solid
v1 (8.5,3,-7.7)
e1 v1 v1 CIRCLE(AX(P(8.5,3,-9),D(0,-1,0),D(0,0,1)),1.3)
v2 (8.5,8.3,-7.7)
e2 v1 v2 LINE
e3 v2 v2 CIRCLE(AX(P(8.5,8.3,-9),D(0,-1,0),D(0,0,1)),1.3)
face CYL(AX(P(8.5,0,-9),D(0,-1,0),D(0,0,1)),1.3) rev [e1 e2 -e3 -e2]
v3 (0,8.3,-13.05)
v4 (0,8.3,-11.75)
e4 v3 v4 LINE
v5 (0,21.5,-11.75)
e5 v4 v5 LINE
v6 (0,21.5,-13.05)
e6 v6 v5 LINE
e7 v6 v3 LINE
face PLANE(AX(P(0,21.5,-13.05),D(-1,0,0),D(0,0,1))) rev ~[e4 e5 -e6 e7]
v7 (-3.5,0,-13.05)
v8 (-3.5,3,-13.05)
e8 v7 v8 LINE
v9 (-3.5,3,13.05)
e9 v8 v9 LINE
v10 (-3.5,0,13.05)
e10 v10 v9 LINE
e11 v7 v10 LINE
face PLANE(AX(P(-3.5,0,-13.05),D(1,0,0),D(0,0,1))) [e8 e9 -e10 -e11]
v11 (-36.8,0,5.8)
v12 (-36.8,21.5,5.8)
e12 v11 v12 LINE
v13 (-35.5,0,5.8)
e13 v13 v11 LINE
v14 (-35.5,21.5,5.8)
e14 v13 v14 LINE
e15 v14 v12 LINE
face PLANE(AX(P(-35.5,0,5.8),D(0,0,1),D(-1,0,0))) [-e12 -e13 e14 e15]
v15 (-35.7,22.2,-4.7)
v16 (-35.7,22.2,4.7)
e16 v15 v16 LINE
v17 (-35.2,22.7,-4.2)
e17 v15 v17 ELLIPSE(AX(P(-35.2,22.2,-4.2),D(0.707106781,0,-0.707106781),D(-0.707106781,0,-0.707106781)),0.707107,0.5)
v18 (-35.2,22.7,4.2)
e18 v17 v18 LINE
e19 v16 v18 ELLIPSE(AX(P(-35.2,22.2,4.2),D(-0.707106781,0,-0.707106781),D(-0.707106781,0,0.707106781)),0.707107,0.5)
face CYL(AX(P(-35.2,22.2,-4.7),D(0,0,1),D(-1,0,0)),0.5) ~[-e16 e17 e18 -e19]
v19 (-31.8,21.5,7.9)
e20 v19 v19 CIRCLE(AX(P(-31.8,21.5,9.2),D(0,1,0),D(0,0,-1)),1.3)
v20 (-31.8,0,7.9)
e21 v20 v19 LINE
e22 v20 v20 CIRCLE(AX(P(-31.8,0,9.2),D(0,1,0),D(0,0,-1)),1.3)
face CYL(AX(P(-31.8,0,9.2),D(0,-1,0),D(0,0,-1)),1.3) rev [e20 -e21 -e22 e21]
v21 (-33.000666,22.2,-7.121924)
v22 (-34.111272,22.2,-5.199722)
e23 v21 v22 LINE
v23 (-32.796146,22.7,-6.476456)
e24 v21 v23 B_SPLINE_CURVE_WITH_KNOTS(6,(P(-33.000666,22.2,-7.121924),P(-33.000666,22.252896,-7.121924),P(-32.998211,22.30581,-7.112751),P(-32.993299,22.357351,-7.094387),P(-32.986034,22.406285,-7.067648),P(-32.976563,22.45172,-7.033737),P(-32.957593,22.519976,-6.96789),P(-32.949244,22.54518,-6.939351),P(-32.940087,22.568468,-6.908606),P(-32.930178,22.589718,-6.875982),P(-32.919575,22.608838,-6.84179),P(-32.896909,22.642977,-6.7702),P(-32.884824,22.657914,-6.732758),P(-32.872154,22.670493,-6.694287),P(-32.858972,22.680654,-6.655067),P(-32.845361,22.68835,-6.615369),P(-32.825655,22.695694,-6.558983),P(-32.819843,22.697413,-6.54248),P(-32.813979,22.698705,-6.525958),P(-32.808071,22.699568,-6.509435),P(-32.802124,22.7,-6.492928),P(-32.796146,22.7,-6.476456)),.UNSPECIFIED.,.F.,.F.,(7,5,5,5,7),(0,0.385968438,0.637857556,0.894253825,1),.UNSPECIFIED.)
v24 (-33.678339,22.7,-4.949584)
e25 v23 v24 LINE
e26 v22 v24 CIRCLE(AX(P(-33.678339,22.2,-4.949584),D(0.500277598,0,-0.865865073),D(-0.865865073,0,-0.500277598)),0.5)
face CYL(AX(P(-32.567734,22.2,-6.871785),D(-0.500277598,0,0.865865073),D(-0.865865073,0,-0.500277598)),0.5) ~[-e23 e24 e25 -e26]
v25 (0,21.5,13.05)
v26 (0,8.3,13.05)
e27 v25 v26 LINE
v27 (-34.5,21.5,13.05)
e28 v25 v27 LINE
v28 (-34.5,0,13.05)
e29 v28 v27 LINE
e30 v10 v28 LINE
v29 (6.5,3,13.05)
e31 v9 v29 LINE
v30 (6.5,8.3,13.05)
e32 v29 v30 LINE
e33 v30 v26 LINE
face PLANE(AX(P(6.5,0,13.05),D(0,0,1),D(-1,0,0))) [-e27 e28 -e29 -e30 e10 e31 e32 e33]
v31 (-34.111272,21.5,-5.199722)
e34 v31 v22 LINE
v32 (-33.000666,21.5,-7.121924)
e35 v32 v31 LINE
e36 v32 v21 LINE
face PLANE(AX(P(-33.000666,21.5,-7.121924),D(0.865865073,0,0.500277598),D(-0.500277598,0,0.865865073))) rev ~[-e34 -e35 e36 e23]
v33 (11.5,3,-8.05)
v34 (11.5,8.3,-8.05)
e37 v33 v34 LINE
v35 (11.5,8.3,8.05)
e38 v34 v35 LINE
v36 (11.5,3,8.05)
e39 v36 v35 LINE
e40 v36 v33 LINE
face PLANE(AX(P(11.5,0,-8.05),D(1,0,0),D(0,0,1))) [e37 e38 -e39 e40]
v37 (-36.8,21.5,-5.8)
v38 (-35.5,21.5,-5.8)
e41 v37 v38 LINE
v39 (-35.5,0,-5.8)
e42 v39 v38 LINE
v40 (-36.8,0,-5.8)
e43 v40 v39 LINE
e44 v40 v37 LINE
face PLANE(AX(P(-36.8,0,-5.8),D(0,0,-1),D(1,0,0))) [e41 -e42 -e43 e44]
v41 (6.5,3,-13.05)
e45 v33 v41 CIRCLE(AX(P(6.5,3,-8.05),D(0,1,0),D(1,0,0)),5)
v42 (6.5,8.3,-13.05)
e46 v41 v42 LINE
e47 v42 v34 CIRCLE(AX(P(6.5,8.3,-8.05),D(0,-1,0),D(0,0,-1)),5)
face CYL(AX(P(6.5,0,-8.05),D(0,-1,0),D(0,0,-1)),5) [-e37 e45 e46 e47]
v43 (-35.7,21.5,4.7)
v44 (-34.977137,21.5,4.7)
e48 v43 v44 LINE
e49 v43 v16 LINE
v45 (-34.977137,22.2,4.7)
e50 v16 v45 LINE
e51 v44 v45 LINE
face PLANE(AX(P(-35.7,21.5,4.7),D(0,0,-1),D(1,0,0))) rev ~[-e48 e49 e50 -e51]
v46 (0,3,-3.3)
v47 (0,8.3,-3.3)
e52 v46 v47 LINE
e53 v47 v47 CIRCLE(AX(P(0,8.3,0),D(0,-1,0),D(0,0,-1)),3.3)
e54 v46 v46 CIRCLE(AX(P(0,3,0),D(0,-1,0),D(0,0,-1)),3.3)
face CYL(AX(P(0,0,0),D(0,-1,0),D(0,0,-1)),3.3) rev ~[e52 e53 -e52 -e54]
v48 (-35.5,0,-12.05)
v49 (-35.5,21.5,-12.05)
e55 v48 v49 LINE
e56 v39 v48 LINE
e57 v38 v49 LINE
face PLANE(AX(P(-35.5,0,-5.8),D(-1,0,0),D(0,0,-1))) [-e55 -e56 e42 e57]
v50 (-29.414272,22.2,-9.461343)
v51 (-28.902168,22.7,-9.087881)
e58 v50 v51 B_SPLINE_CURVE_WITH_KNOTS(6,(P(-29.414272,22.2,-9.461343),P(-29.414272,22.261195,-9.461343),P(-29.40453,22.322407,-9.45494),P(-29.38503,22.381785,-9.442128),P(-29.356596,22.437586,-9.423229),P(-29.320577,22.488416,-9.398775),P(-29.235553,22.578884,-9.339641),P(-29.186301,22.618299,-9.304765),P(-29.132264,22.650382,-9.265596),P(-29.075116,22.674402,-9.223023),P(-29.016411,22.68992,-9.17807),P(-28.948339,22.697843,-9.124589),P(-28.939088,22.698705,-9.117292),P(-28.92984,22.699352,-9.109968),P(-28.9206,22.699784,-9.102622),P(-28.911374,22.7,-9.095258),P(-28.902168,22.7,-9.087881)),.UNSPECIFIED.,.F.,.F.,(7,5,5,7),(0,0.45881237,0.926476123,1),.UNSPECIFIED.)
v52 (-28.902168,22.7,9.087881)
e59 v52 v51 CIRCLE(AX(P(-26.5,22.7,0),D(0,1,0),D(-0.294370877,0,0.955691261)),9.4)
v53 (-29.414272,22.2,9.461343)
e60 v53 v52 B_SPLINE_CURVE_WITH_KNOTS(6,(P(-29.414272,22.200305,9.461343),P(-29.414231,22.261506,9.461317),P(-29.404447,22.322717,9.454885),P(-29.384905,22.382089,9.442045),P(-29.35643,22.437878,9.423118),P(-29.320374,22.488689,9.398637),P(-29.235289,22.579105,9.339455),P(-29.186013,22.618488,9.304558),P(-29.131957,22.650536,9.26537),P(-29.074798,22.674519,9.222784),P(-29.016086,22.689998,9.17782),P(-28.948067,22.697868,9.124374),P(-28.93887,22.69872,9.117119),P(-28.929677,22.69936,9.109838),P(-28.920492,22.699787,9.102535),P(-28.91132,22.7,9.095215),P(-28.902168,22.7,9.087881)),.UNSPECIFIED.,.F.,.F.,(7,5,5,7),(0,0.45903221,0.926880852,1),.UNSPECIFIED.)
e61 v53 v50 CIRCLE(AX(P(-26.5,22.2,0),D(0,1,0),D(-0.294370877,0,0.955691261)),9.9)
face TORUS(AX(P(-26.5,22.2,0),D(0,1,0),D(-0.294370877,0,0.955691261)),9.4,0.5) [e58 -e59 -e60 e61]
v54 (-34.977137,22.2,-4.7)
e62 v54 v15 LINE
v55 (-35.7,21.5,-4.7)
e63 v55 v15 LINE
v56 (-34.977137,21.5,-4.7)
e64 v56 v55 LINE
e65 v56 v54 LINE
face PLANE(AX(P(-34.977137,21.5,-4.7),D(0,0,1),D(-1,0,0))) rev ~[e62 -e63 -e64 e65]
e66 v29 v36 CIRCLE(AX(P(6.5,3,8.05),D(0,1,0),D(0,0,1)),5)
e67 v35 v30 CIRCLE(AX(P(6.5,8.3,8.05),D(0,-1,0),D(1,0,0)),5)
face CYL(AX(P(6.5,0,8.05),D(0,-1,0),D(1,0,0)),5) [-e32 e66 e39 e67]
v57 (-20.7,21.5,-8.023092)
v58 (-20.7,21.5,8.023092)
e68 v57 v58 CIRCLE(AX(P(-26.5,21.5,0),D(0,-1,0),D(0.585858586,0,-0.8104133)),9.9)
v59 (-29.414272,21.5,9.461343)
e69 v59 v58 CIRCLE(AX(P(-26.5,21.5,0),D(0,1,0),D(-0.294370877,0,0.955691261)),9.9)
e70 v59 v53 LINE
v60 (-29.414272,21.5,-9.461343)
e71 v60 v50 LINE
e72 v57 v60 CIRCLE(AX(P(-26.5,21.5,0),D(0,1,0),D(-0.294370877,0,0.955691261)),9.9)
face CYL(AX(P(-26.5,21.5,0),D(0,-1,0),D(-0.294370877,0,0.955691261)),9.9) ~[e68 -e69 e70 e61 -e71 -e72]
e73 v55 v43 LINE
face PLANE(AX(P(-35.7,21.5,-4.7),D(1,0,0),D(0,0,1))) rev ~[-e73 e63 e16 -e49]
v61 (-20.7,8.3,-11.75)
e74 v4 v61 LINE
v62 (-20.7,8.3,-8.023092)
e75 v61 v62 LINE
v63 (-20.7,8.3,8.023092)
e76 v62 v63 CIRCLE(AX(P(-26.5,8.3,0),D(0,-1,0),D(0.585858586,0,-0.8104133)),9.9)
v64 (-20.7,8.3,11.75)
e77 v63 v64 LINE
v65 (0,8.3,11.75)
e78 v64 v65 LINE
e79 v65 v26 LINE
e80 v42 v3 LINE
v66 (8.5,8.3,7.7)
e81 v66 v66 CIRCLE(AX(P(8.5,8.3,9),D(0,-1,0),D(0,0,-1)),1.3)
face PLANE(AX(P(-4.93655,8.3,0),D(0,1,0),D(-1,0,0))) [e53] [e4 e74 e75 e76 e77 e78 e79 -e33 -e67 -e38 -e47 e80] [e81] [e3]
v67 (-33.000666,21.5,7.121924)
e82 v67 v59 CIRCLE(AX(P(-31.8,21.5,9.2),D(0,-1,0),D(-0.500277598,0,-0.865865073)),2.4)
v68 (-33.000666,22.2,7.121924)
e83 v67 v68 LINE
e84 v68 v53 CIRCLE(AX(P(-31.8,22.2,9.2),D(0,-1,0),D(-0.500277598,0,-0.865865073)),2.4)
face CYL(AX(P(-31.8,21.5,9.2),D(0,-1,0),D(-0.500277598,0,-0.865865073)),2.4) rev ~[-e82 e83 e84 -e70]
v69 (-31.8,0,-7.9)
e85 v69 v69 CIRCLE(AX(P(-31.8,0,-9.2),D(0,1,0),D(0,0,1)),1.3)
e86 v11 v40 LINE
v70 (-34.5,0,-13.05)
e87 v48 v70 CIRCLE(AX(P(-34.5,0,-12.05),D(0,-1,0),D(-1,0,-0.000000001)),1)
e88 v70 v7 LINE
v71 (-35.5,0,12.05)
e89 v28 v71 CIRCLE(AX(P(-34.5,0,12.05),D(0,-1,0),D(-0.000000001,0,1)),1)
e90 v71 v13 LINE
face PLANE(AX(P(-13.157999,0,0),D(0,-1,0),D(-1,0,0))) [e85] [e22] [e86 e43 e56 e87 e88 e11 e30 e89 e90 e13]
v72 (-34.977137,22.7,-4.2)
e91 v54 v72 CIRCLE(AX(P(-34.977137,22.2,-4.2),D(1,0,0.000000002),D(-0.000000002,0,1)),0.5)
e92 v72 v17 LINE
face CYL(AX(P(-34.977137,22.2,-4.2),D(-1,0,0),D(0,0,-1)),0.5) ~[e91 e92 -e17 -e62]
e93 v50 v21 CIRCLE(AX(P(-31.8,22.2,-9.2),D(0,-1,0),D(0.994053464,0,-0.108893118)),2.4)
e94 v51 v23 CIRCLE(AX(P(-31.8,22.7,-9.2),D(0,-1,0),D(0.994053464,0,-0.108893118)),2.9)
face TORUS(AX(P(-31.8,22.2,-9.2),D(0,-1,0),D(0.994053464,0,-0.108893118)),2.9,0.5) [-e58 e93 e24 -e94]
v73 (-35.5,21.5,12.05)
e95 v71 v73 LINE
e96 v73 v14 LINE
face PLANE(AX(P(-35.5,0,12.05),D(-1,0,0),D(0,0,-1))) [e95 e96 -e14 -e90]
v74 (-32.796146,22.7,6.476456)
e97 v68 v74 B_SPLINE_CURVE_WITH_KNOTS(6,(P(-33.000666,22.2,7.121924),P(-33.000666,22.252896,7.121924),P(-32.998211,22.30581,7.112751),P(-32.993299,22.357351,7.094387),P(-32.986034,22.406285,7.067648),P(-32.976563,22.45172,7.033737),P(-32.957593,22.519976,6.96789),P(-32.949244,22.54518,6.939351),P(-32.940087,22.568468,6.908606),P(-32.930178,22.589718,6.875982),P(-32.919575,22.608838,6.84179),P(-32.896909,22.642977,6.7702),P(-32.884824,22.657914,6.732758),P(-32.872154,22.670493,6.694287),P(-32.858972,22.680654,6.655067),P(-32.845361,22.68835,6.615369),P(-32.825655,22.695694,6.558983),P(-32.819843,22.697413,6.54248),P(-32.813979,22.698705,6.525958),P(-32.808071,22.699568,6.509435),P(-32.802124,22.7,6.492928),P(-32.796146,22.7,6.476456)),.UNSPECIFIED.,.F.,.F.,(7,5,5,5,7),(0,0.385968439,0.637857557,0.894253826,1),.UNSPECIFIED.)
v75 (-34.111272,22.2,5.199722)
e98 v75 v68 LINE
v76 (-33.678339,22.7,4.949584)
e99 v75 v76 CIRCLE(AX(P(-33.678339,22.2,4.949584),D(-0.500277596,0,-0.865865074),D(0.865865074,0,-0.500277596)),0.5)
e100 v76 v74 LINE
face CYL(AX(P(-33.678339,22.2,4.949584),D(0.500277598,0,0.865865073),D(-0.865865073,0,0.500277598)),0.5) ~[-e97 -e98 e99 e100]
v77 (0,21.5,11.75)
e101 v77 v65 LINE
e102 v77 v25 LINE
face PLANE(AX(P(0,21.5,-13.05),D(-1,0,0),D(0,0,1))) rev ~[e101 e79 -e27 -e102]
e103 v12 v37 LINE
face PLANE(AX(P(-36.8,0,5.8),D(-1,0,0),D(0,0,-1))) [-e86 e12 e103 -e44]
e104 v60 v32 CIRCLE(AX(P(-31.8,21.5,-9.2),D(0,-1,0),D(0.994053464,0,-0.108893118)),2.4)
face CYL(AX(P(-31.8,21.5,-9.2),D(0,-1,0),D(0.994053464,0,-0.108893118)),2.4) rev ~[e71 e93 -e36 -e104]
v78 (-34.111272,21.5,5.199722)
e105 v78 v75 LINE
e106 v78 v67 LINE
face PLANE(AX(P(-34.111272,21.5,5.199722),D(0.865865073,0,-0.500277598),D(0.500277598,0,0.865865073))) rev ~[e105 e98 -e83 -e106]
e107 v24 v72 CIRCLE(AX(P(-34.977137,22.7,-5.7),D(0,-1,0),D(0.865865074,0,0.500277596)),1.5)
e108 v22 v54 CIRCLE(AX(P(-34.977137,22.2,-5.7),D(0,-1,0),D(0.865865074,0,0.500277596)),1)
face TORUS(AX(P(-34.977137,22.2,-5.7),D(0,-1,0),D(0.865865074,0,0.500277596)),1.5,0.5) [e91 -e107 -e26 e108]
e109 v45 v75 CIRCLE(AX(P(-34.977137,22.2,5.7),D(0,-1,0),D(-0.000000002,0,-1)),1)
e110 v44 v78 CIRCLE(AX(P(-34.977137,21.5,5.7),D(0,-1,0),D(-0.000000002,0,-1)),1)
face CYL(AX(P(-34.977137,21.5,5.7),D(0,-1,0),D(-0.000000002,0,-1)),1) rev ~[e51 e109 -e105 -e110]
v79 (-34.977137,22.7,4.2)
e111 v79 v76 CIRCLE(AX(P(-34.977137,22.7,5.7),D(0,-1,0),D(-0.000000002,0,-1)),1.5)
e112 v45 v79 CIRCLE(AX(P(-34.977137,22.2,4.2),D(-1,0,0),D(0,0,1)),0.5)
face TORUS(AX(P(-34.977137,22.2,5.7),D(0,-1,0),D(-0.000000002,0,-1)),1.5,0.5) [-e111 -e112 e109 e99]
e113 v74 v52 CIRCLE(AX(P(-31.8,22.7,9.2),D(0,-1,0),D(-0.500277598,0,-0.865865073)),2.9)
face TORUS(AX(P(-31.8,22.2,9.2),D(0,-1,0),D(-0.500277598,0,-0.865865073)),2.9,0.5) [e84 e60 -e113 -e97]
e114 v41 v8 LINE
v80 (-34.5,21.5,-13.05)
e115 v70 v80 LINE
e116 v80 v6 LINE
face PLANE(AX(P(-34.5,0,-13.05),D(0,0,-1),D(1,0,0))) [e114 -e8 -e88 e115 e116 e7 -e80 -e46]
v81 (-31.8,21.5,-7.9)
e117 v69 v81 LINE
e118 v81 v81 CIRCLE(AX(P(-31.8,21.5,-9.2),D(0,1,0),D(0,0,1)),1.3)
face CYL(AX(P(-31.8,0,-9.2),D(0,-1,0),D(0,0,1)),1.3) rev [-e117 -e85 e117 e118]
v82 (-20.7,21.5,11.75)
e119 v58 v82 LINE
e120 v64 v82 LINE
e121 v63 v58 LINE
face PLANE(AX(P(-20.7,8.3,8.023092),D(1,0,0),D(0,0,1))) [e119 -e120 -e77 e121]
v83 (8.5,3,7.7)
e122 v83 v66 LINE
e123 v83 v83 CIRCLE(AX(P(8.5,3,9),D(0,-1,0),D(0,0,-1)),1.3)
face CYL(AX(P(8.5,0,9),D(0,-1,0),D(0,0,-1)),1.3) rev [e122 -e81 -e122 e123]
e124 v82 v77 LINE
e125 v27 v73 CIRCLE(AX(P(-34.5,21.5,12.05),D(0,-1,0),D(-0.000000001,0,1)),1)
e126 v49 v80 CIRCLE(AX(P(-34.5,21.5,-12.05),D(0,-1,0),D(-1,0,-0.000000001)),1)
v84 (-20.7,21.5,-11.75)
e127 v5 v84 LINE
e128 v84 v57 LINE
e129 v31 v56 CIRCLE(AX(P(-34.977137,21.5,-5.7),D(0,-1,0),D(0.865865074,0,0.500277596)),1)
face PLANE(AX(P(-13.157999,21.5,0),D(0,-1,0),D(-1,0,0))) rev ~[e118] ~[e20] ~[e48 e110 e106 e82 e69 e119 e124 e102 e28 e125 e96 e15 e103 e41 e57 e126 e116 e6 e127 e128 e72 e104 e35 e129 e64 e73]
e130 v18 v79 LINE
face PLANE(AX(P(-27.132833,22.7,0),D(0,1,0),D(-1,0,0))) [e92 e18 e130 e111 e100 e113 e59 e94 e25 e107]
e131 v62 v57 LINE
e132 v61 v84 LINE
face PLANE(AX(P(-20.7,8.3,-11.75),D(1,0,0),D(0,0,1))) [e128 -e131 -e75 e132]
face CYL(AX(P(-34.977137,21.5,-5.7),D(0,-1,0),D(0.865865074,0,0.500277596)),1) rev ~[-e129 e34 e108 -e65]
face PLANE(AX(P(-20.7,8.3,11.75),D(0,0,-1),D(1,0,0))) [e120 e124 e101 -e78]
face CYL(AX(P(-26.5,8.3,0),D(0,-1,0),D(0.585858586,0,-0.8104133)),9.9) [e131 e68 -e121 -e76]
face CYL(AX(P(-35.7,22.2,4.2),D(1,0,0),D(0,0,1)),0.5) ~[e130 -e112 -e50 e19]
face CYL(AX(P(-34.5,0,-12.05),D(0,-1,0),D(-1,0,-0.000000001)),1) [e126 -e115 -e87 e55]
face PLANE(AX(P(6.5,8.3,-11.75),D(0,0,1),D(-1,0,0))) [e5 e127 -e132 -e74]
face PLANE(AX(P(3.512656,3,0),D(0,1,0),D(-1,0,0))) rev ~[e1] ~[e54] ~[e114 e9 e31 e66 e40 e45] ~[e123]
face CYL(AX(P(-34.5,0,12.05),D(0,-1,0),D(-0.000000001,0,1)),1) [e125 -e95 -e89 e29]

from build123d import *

# Parameters (mm, degrees)
SKETCH1_R          = 1.3
EXTRUDE1_DEPTH     = 21.5
EXTRUDE2_DEPTH     = 1.2
FILLET1_R          = 0.5
SKETCH4_W          = 11.5
SKETCH4_H          = 26.1
CUT_EXTRUDE2_DEPTH = 13.2
CUT_EXTRUDE3_DEPTH = 3
CUT_EXTRUDE4_START = -13.2
CUT_EXTRUDE4_DEPTH = 13.2
SKETCH6_R          = 3.3
CUT_EXTRUDE5_DEPTH = 46.164504919


with BuildPart() as part:
    # Sketch1 → Extrude1 (new body)
    with BuildSketch(Plane(origin=(0, 0, 0), x_dir=(1, 0, 0), z_dir=(0, 1, 0))):
        with BuildLine():
            Line((-34.5, 13.05), (6.5, 13.05))
            ThreePointArc((6.5, 13.05), (10.035533906, 11.585533906), (11.5, 8.05))
            Line((11.5, 8.05), (11.5, -8.05))
            ThreePointArc((11.5, -8.05), (10.035533906, -11.585533906), (6.5, -13.05))
            Line((6.5, -13.05), (-34.5, -13.05))
            ThreePointArc((-34.5, -13.05), (-35.207106781, -12.757106781), (-35.5, -12.05))
            Line((-35.5, -12.05), (-35.5, -5.8))
            Line((-35.5, -5.8), (-36.8, -5.8))
            Line((-36.8, -5.8), (-36.8, 5.8))
            Line((-36.8, 5.8), (-35.5, 5.8))
            Line((-35.5, 5.8), (-35.5, 12.05))
            ThreePointArc((-35.5, 12.05), (-35.207106781, 12.757106781), (-34.5, 13.05))
        make_face()
        with Locations(Location((-31.8, 9.2, 0), (0, 0, 270))):
            Circle(SKETCH1_R, mode=Mode.SUBTRACT)
        with Locations(Location((8.5, 9, 0), (0, 0, 270))):
            Circle(SKETCH1_R, mode=Mode.SUBTRACT)
        with Locations(Location((8.5, -9, 0), (0, 0, 90))):
            Circle(SKETCH1_R, mode=Mode.SUBTRACT)
        with Locations(Location((-31.8, -9.2, 0), (0, 0, 90))):
            Circle(SKETCH1_R, mode=Mode.SUBTRACT)
    extrude(amount=EXTRUDE1_DEPTH)

    # Sketch2 → Extrude2 (add)
    with BuildSketch(Plane(origin=(0, 21.5, 0), x_dir=(-1, 0, 0), z_dir=(0, 1, 0))):
        with BuildLine():
            Line((33.000666235, -7.121923824), (34.111271501, -5.199722402))
            ThreePointArc((34.111271501, -5.199722402), (34.477275392, -4.833894464), (34.977136574, -4.7))
            Line((34.977136574, -4.7), (35.7, -4.7))
            Line((35.7, -4.7), (35.7, 4.7))
            Line((35.7, 4.7), (34.977136574, 4.7))
            ThreePointArc((34.977136574, 4.7), (34.477275392, 4.833894464), (34.111271501, 5.199722402))
            Line((34.111271501, 5.199722402), (33.000666235, 7.121923824))
            ThreePointArc((33.000666235, 7.121923824), (30.488773811, 7.189854264), (29.414271687, 9.461343485))
            ThreePointArc((29.414271687, 9.461343485), (16.6, 0), (29.414271687, -9.461343485))
            ThreePointArc((29.414271687, -9.461343485), (30.488773811, -7.189854264), (33.000666235, -7.121923824))
        make_face()
    extrude(amount=EXTRUDE2_DEPTH)

    # Fillet1
    fillet1_edges = [part.edges().sort_by_distance(p)[0] for p in [
        (-30.488773811, 22.7, 7.189854264),
        (-16.6, 22.7, 0),
        (-30.488773811, 22.7, -7.189854264),
        (-33.555968868, 22.7, -6.160823113),
        (-34.477275392, 22.7, -4.833894464),
        (-35.338568287, 22.7, -4.7),
        (-35.7, 22.7, 0),
        (-35.338568287, 22.7, 4.7),
        (-34.477275392, 22.7, 4.833894464),
        (-33.555968868, 22.7, 6.160823113),
    ]]
    fillet(fillet1_edges, radius=FILLET1_R)

    # Sketch4 → Cut-Extrude2 (cut)
    with BuildSketch(Plane(origin=(0, 21.5, 0), x_dir=(-1, 0, 0), z_dir=(0, 1, 0))):
        with Locations((-5.75, 0)):
            Rectangle(SKETCH4_W, SKETCH4_H)
    extrude(amount=-CUT_EXTRUDE2_DEPTH, mode=Mode.SUBTRACT)

    # Sketch5 → Cut-Extrude3 (cut)
    with BuildSketch(Plane.XZ):
        with BuildLine():
            Line((-3.5, -13.05), (-3.5, 13.05))
            Line((-3.5, 13.05), (6.5, 13.05))
            ThreePointArc((6.5, 13.05), (10.035533906, 11.585533906), (11.5, 8.05))
            Line((11.5, 8.05), (11.5, -8.05))
            ThreePointArc((11.5, -8.05), (10.035533906, -11.585533906), (6.5, -13.05))
            Line((6.5, -13.05), (-3.5, -13.05))
        make_face()
    extrude(amount=-CUT_EXTRUDE3_DEPTH, mode=Mode.SUBTRACT)

    # Sketch3 → Cut-Extrude4 (cut)
    with BuildSketch(Plane(origin=(0, 21.5, 0), x_dir=(-1, 0, 0), z_dir=(0, 1, 0)).offset(CUT_EXTRUDE4_START)):
        with BuildLine():
            Line((20.7, 8.023091673), (20.7, 11.75))
            Line((20.7, 11.75), (-6.5, 11.75))
            ThreePointArc((-6.5, 11.75), (-7.422418806, 11.633175065), (-8.286588144, 11.290077592))
            ThreePointArc((-8.286588144, 11.290077592), (-6.441484419, 7.974079144), (-10.2, 7.450806662))
            Line((-10.2, 7.450806662), (-10.2, -7.450806662))
            ThreePointArc((-10.2, -7.450806662), (-6.441484419, -7.974079144), (-8.286588144, -11.290077592))
            ThreePointArc((-8.286588144, -11.290077592), (-7.422418806, -11.633175065), (-6.5, -11.75))
            Line((-6.5, -11.75), (20.7, -11.75))
            Line((20.7, -11.75), (20.7, -8.023091673))
            ThreePointArc((20.7, -8.023091673), (16.6, 0), (20.7, 8.023091673))
        make_face()
    extrude(amount=CUT_EXTRUDE4_DEPTH, mode=Mode.SUBTRACT)

    # Sketch6 → Cut-Extrude5 (cut, through all)
    with BuildSketch(Plane.XZ):
        with Locations(Location((0, 0, 0), (0, 0, 270))):
            Circle(SKETCH6_R)
    extrude(amount=-CUT_EXTRUDE5_DEPTH, mode=Mode.SUBTRACT)


solid = part.part
